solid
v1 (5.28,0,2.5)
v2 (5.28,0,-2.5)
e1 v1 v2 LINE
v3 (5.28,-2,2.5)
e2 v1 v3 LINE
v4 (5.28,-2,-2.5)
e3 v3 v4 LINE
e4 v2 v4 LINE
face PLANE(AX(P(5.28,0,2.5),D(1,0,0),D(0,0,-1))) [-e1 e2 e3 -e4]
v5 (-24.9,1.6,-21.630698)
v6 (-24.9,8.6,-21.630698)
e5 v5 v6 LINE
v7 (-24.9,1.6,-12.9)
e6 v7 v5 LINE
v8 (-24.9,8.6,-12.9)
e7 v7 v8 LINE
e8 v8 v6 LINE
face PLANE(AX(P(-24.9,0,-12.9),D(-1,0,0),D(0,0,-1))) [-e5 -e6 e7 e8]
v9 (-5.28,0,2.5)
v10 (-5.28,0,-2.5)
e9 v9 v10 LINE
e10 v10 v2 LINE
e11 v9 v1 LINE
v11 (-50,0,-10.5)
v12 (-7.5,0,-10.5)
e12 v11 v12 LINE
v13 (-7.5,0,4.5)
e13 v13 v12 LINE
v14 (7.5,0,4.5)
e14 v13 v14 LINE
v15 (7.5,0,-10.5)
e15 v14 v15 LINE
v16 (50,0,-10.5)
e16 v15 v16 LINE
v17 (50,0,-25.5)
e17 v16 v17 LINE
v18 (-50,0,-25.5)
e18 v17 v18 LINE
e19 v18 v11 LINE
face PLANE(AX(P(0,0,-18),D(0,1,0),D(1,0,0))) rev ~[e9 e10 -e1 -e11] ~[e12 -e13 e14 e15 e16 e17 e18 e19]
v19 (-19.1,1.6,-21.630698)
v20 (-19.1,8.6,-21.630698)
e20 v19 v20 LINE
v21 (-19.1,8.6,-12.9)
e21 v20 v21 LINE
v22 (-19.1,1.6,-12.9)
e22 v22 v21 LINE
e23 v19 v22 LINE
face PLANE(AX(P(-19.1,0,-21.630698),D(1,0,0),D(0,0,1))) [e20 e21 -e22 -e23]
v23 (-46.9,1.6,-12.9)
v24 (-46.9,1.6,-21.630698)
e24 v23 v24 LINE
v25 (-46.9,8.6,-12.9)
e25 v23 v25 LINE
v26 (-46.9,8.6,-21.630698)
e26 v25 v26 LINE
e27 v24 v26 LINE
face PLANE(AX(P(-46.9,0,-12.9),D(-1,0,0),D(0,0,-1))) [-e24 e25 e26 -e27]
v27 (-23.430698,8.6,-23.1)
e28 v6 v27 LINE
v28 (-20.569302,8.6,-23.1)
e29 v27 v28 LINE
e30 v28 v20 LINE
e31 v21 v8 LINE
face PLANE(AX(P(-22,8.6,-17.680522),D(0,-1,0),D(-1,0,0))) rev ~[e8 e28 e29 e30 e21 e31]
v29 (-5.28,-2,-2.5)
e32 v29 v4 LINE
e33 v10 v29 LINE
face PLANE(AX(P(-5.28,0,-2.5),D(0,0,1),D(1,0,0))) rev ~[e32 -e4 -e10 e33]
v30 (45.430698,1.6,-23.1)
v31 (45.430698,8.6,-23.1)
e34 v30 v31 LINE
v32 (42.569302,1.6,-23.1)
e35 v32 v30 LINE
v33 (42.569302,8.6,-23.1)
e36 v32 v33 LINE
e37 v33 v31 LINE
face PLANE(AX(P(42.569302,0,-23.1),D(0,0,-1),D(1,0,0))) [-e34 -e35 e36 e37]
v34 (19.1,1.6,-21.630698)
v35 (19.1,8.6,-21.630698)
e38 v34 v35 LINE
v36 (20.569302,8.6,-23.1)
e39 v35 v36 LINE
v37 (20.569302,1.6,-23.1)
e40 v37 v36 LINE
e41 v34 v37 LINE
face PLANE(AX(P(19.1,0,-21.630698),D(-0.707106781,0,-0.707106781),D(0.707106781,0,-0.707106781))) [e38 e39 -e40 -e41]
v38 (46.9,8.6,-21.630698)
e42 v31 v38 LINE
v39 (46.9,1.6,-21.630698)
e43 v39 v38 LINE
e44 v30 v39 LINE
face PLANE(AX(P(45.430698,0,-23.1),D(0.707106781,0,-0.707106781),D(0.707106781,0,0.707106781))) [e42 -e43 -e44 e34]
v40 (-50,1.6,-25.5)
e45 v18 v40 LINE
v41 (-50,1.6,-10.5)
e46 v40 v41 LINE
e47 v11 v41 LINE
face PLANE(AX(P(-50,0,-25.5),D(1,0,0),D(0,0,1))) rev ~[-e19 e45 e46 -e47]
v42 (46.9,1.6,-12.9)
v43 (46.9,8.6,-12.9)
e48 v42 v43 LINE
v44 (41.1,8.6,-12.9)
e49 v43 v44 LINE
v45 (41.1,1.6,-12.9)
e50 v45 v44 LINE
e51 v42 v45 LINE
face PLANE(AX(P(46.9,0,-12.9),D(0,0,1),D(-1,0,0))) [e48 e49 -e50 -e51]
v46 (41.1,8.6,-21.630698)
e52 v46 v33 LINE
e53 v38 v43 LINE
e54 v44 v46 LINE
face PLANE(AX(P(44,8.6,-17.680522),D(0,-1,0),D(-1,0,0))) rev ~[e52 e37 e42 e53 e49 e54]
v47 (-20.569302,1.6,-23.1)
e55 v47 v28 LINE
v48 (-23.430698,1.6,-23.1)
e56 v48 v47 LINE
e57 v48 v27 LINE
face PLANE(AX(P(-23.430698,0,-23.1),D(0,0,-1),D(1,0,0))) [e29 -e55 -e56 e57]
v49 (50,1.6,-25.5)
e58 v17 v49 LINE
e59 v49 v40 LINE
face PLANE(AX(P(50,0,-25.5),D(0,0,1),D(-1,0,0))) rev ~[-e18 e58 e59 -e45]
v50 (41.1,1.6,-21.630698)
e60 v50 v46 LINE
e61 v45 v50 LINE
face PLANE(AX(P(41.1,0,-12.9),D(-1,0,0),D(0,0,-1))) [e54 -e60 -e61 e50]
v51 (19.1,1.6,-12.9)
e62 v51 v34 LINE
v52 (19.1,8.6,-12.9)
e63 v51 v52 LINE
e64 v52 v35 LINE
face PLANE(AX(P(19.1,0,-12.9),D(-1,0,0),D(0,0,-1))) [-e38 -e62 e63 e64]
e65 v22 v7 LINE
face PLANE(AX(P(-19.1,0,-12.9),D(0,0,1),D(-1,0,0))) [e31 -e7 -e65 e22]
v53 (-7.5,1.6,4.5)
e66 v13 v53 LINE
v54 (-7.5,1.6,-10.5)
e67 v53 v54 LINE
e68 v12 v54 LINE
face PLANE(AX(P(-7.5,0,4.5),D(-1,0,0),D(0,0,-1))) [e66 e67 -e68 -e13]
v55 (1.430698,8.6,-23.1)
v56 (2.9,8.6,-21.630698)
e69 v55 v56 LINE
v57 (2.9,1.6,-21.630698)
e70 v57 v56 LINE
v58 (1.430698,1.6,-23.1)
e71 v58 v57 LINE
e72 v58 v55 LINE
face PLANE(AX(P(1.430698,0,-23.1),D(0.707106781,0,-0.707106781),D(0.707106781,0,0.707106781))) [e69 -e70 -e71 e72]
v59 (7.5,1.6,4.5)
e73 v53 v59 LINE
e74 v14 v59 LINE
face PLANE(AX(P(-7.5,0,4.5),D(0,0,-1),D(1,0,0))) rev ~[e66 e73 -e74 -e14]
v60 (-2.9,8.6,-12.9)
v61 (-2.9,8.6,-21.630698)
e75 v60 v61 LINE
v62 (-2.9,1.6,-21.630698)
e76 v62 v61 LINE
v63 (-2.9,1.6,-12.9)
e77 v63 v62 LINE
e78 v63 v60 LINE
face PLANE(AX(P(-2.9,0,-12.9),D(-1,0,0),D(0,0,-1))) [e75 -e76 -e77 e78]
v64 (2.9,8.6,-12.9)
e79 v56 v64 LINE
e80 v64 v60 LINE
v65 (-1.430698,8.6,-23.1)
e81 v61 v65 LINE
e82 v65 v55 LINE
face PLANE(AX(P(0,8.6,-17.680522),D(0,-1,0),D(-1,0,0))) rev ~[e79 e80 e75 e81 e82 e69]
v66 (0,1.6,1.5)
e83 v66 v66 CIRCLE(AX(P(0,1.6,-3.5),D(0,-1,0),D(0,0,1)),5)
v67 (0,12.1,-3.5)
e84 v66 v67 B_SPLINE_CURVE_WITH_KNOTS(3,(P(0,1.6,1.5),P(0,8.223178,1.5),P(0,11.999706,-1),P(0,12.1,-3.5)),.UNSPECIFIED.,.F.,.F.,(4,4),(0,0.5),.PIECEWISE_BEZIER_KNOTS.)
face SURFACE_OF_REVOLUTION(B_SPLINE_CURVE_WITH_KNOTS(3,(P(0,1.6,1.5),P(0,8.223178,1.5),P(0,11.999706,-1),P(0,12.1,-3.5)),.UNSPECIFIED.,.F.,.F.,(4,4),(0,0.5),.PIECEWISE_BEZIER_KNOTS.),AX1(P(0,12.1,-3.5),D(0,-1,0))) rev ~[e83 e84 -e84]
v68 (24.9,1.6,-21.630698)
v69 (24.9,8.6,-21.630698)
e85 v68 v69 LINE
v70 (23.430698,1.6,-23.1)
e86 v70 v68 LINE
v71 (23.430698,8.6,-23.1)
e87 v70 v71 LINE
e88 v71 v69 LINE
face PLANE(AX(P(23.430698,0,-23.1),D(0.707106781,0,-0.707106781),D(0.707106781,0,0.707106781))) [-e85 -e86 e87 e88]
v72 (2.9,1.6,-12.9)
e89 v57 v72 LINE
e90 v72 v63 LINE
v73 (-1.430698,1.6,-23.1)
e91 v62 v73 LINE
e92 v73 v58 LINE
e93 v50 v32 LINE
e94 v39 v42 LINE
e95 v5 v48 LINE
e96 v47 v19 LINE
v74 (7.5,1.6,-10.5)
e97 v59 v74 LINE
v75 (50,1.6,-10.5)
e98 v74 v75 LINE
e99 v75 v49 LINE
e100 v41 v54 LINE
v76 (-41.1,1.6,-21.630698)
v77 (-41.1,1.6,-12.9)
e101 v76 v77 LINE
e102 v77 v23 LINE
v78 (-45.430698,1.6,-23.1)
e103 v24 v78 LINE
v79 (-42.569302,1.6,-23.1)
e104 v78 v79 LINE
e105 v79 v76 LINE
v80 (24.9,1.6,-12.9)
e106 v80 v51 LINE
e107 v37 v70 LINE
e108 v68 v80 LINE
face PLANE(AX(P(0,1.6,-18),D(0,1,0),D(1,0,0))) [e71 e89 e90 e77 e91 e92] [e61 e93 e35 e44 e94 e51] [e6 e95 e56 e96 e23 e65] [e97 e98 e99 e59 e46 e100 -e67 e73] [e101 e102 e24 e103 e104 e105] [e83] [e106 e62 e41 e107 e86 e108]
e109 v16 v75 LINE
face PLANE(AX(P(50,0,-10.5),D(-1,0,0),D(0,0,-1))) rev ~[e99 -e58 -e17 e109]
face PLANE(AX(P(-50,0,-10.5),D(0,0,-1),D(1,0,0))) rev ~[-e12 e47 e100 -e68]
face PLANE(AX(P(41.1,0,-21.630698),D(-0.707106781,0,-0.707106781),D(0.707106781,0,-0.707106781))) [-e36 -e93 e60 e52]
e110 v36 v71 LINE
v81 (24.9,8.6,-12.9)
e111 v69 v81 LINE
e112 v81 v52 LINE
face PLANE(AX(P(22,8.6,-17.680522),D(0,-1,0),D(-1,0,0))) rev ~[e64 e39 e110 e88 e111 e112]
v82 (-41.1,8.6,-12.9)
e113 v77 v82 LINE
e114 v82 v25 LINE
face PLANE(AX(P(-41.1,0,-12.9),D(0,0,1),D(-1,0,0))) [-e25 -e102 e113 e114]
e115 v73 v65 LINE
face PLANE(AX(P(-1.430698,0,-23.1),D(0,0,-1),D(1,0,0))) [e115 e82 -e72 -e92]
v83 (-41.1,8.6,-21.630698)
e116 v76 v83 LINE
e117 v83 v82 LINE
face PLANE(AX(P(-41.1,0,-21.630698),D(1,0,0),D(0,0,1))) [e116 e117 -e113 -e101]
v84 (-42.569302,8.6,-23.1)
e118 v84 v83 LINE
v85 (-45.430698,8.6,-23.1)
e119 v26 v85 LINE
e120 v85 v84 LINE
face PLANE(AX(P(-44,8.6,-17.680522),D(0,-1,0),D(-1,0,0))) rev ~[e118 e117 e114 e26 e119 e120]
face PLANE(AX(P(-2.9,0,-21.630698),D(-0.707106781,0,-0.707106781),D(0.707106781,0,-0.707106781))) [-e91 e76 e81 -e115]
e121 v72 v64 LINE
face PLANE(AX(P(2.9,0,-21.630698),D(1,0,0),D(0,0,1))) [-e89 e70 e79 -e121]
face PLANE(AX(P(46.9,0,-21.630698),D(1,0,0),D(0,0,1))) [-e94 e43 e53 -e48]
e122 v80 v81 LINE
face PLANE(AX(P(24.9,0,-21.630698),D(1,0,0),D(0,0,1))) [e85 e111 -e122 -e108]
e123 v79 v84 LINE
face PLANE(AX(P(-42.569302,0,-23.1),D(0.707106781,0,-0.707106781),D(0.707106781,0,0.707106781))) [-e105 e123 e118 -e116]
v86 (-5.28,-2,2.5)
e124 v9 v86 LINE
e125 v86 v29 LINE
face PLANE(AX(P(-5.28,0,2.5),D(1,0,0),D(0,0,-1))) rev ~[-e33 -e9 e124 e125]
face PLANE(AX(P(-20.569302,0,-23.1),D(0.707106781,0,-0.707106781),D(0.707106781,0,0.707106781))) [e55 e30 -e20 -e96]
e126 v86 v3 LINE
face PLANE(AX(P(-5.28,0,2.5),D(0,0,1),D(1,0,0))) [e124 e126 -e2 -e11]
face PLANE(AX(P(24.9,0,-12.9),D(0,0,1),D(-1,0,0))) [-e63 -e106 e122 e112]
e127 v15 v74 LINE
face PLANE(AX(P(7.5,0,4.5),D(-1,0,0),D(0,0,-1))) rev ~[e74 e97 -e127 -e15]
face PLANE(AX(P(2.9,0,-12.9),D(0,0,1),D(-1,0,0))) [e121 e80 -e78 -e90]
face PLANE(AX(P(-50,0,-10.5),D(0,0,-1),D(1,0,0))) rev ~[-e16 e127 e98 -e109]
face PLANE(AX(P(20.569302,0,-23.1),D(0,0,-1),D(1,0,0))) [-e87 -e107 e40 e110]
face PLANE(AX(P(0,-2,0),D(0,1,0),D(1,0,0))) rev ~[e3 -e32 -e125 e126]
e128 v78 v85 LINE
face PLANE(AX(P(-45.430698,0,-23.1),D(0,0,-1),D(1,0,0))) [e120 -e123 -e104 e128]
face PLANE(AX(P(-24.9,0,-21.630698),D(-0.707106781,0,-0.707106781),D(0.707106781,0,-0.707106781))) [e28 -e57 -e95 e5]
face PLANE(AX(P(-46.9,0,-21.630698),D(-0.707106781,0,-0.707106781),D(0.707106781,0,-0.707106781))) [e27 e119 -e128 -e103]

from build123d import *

# Parameters (mm, degrees)
BOSS_EXTRUDE1_DEPTH = 1.6
SKETCH1_3_W         = 10.56
SKETCH1_3_H         = 5
BOSS_EXTRUDE2_DEPTH = 2
BOSS_EXTRUDE3_DEPTH = 8.6


with BuildPart() as part:
    # Sketch1 → Boss-Extrude1 (new body)
    with BuildSketch(Plane(origin=(0, 0, 0), x_dir=(1, 0, 0), z_dir=(0, 1, 0))):
        Polygon((-7.5, 10.5), (-7.5, -4.5), (7.5, -4.5), (7.5, 10.5), (50, 10.5), (50, 25.5), (-50, 25.5), (-50, 10.5), align=None)
        Polygon((46.9, 21.630697763), (46.9, 12.9), (41.1, 12.9), (41.1, 21.630697763), (42.569302237, 23.1), (45.430697763, 23.1), align=None, mode=Mode.SUBTRACT)
        Polygon((-42.569302237, 23.1), (-41.1, 21.630697763), (-41.1, 12.9), (-46.9, 12.9), (-46.9, 21.630697763), (-45.430697763, 23.1), align=None, mode=Mode.SUBTRACT)
        Polygon((-20.569302237, 23.1), (-19.1, 21.630697763), (-19.1, 12.9), (-24.9, 12.9), (-24.9, 21.630697763), (-23.430697763, 23.1), align=None, mode=Mode.SUBTRACT)
        Polygon((2.9, 12.9), (-2.9, 12.9), (-2.9, 21.630697763), (-1.430697763, 23.1), (1.430697763, 23.1), (2.9, 21.630697763), align=None, mode=Mode.SUBTRACT)
        Polygon((23.430697763, 23.1), (24.9, 21.630697763), (24.9, 12.9), (19.1, 12.9), (19.1, 21.630697763), (20.569302237, 23.1), align=None, mode=Mode.SUBTRACT)
    extrude(amount=BOSS_EXTRUDE1_DEPTH)

    # Sketch1<3> → Boss-Extrude2 (add)
    with BuildSketch(Plane(origin=(0, 0, 0), x_dir=(1, 0, 0), z_dir=(0, 1, 0))):
        Rectangle(SKETCH1_3_W, SKETCH1_3_H)
    extrude(amount=-BOSS_EXTRUDE2_DEPTH)

    # Sketch1<4> → Boss-Extrude3 (add)
    with BuildSketch(Plane(origin=(0, 0, 0), x_dir=(1, 0, 0), z_dir=(0, 1, 0))):
        Polygon((-2.9, 21.630697763), (-2.9, 12.9), (2.9, 12.9), (2.9, 21.630697763), (1.430697763, 23.1), (-1.430697763, 23.1), align=None)
        Polygon((24.9, 12.9), (24.9, 21.630697763), (23.430697763, 23.1), (20.569302237, 23.1), (19.1, 21.630697763), (19.1, 12.9), align=None)
        Polygon((46.9, 12.9), (46.9, 21.630697763), (45.430697763, 23.1), (42.569302237, 23.1), (41.1, 21.630697763), (41.1, 12.9), align=None)
        Polygon((-19.1, 12.9), (-19.1, 21.630697763), (-20.569302237, 23.1), (-23.430697763, 23.1), (-24.9, 21.630697763), (-24.9, 12.9), align=None)
        Polygon((-41.1, 12.9), (-41.1, 21.630697763), (-42.569302237, 23.1), (-45.430697763, 23.1), (-46.9, 21.630697763), (-46.9, 12.9), align=None)
    extrude(amount=BOSS_EXTRUDE3_DEPTH)

    # Sketch3 → Revolve2 (revolve)
    with BuildSketch(Plane(origin=(0, 0, 0), x_dir=(0, 0, -1), z_dir=(1, 0, 0))):
        with BuildLine():
            add(Edge.make_bspline(
                [(-1.5, 1.6), (-1.5, 8.223178145), (1, 11.999705618), (3.5, 12.1)],
                knots=[0, 0, 0, 0, 0.5, 0.5, 0.5, 0.5], degree=3))
            Line((-1.5, 1.6), (3.5, 1.6))
            Line((3.5, 1.6), (3.5, 12.1))
        make_face()
    revolve(axis=Axis((0, 12.1, -3.5), (0, -1, 0)))


solid = part.part
